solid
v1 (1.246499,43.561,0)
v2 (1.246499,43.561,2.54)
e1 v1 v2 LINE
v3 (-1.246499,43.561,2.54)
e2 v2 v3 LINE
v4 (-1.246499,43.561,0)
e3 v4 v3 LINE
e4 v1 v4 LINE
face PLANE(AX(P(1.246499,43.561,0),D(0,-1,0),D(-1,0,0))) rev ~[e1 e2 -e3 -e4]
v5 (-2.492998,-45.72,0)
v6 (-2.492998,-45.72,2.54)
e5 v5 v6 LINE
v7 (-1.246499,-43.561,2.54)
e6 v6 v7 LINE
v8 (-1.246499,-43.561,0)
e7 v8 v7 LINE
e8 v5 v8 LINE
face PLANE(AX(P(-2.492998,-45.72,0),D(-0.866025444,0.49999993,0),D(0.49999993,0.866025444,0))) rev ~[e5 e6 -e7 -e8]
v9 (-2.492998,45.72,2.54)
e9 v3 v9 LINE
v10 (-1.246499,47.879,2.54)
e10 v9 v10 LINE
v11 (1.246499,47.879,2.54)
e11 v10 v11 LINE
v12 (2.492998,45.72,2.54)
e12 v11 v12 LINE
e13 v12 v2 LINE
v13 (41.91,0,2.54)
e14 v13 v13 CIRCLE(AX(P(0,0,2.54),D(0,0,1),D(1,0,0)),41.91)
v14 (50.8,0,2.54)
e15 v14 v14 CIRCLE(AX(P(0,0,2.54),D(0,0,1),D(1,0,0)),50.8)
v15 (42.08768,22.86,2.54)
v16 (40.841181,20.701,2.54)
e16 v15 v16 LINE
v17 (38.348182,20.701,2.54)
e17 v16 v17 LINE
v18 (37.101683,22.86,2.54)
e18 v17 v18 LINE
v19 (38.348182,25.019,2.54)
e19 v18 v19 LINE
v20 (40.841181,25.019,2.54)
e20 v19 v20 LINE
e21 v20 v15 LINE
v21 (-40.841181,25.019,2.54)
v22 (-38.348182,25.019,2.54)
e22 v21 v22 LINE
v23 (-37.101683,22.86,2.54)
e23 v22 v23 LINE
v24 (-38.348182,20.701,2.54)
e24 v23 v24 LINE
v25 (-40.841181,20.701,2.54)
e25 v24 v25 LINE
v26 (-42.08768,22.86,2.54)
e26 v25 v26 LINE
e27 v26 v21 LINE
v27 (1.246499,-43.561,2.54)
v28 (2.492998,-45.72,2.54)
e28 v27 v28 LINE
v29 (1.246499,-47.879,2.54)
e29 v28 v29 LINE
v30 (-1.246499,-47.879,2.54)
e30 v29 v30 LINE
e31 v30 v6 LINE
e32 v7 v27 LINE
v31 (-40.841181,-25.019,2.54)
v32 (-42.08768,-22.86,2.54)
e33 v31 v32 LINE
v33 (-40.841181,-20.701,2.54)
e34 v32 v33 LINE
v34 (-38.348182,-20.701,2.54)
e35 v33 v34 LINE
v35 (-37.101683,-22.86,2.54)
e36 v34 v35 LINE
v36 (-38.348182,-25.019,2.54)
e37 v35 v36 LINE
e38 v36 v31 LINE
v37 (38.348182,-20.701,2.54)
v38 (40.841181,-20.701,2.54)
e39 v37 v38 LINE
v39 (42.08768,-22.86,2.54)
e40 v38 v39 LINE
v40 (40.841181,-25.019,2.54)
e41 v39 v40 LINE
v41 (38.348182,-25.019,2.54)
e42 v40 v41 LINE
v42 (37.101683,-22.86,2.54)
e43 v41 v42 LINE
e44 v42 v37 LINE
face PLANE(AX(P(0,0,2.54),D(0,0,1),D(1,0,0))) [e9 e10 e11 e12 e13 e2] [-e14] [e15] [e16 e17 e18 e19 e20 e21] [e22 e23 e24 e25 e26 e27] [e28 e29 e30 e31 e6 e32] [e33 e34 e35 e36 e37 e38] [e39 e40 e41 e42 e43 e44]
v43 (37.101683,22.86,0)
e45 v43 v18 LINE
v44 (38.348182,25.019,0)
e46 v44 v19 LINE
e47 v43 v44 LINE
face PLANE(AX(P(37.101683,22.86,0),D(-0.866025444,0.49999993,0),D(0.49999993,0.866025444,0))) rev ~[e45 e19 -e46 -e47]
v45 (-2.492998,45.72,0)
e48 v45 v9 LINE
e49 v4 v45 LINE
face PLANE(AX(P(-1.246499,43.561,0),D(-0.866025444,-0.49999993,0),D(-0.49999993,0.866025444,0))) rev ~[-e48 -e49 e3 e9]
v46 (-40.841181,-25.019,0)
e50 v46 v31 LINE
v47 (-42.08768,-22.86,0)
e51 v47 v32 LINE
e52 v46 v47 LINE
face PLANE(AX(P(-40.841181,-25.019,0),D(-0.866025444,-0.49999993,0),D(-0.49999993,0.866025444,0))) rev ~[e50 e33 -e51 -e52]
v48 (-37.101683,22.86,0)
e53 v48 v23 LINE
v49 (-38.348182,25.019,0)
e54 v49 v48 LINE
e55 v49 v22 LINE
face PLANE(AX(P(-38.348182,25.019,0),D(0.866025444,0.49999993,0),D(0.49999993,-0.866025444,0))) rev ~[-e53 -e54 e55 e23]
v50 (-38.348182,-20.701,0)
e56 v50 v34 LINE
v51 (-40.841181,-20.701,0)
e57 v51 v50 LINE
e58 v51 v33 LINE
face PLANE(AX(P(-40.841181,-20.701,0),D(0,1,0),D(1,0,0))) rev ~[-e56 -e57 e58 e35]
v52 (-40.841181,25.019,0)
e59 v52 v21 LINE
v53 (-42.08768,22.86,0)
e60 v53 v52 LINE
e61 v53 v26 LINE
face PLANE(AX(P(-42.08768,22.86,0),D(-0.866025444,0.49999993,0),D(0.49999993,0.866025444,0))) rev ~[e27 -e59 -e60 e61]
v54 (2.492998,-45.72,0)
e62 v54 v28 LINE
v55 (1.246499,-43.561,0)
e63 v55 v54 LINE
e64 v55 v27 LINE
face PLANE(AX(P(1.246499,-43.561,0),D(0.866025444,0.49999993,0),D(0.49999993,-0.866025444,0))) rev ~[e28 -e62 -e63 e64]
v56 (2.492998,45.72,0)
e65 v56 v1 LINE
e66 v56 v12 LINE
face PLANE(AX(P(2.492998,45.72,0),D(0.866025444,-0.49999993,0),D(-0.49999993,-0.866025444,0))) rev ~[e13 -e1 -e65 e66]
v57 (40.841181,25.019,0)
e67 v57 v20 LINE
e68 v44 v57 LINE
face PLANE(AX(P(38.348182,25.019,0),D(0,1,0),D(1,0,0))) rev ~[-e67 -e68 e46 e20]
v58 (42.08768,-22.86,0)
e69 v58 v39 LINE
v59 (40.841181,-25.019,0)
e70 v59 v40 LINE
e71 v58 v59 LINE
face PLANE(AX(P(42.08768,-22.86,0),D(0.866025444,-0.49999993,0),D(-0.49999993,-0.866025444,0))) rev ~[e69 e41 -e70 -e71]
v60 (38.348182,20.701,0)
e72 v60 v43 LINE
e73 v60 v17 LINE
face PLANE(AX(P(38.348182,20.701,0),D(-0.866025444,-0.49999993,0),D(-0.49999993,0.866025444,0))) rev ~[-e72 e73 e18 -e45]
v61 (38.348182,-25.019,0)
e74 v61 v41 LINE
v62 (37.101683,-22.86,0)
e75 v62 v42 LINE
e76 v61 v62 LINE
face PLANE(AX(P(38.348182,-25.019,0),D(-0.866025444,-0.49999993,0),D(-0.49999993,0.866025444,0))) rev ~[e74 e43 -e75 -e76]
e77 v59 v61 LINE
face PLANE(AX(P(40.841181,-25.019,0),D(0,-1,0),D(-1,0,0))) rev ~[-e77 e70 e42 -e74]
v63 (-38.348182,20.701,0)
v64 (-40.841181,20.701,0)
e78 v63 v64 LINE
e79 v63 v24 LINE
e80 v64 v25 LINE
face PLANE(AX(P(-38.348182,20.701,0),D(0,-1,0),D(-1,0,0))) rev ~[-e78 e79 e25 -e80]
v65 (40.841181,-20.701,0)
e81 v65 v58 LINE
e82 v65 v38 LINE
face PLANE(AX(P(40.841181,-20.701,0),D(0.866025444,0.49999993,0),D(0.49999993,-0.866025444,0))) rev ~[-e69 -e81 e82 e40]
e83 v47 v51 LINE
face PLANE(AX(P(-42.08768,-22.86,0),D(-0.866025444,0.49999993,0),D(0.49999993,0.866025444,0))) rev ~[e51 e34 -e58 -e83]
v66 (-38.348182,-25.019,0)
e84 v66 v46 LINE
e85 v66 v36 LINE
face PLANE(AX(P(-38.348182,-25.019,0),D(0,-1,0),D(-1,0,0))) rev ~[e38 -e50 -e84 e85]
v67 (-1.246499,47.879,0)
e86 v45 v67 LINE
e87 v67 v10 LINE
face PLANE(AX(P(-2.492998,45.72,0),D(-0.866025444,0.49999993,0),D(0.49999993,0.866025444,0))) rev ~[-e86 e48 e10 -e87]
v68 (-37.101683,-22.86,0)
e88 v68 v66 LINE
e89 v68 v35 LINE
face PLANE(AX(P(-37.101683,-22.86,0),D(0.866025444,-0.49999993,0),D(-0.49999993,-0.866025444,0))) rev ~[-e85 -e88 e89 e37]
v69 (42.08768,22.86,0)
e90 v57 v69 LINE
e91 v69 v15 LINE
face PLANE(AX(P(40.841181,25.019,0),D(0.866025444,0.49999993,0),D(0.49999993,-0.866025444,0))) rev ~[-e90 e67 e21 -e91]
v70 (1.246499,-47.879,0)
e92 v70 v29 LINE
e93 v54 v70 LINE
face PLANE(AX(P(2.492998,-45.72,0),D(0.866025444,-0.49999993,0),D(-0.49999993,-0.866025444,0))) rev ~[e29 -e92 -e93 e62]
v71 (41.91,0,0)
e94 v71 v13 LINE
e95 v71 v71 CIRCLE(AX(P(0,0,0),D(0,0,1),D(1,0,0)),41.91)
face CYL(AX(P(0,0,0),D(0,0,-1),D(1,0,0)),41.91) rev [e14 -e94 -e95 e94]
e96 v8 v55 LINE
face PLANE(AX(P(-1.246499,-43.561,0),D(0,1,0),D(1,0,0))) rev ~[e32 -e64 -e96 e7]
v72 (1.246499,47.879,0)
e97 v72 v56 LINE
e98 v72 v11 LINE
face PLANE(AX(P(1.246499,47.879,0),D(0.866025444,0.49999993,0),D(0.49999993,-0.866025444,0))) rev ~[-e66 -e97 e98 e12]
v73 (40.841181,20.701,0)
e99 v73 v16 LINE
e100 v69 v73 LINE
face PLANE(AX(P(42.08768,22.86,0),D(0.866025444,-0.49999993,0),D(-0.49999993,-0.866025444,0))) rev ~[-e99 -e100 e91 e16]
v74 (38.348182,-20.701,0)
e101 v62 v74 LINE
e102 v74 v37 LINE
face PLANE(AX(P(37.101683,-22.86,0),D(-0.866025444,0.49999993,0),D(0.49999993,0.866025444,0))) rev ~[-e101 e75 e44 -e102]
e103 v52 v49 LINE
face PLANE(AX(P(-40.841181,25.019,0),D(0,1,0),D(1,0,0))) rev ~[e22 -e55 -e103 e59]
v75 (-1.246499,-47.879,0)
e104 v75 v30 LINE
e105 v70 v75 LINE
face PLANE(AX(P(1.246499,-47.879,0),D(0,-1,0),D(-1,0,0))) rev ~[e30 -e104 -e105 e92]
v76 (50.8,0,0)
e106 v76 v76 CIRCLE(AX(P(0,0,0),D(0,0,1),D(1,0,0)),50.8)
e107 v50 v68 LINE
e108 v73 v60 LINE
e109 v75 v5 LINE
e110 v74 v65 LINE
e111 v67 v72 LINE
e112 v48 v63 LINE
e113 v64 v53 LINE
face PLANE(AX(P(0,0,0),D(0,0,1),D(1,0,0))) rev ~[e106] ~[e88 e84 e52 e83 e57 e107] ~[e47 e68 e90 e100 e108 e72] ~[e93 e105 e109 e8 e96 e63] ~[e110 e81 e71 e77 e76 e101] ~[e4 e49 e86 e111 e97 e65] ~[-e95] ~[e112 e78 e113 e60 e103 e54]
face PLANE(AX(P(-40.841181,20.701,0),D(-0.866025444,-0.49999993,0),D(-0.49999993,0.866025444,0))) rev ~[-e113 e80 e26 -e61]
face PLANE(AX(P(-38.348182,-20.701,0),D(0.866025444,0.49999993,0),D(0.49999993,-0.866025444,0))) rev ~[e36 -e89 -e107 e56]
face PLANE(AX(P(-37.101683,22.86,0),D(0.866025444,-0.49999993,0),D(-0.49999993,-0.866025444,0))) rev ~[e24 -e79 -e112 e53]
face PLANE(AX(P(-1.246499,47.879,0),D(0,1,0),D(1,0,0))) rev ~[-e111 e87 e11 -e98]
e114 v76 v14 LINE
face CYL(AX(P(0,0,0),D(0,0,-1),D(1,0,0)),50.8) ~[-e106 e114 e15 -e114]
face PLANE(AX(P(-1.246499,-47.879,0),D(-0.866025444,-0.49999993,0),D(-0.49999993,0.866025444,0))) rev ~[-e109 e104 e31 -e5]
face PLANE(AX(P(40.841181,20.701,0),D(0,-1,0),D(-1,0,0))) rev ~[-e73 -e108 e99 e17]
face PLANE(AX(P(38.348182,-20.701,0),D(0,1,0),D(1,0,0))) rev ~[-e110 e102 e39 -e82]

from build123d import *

# Parameters (mm, degrees)
F0_R     = 50.8
F0_R_2   = 41.91
F1_DEPTH = 2.54


with BuildPart() as f1:
    # F0 (on Top) → F1 (new body)
    with BuildSketch(Plane.XY):
        Circle(F0_R)
        Polygon((2.492998, -45.72), (1.246499, -47.879), (-1.246499, -47.879), (-2.492998, -45.72), (-1.246499, -43.561), (1.246499, -43.561), align=None, mode=Mode.SUBTRACT)
        Polygon((-38.348182, -25.019), (-40.841181, -25.019), (-42.08768, -22.86), (-40.841181, -20.701), (-38.348182, -20.701), (-37.101683, -22.86), align=None, mode=Mode.SUBTRACT)
        Circle(F0_R_2, mode=Mode.SUBTRACT)
        Polygon((40.841181, -20.701), (42.08768, -22.86), (40.841181, -25.019), (38.348182, -25.019), (37.101683, -22.86), (38.348182, -20.701), align=None, mode=Mode.SUBTRACT)
        Polygon((-40.841181, 20.701), (-42.08768, 22.86), (-40.841181, 25.019), (-38.348182, 25.019), (-37.101683, 22.86), (-38.348182, 20.701), align=None, mode=Mode.SUBTRACT)
        Polygon((-2.492998, 45.72), (-1.246499, 47.879), (1.246499, 47.879), (2.492998, 45.72), (1.246499, 43.561), (-1.246499, 43.561), align=None, mode=Mode.SUBTRACT)
        Polygon((38.348182, 25.019), (40.841181, 25.019), (42.08768, 22.86), (40.841181, 20.701), (38.348182, 20.701), (37.101683, 22.86), align=None, mode=Mode.SUBTRACT)
    extrude(amount=F1_DEPTH)


solid = f1.part
